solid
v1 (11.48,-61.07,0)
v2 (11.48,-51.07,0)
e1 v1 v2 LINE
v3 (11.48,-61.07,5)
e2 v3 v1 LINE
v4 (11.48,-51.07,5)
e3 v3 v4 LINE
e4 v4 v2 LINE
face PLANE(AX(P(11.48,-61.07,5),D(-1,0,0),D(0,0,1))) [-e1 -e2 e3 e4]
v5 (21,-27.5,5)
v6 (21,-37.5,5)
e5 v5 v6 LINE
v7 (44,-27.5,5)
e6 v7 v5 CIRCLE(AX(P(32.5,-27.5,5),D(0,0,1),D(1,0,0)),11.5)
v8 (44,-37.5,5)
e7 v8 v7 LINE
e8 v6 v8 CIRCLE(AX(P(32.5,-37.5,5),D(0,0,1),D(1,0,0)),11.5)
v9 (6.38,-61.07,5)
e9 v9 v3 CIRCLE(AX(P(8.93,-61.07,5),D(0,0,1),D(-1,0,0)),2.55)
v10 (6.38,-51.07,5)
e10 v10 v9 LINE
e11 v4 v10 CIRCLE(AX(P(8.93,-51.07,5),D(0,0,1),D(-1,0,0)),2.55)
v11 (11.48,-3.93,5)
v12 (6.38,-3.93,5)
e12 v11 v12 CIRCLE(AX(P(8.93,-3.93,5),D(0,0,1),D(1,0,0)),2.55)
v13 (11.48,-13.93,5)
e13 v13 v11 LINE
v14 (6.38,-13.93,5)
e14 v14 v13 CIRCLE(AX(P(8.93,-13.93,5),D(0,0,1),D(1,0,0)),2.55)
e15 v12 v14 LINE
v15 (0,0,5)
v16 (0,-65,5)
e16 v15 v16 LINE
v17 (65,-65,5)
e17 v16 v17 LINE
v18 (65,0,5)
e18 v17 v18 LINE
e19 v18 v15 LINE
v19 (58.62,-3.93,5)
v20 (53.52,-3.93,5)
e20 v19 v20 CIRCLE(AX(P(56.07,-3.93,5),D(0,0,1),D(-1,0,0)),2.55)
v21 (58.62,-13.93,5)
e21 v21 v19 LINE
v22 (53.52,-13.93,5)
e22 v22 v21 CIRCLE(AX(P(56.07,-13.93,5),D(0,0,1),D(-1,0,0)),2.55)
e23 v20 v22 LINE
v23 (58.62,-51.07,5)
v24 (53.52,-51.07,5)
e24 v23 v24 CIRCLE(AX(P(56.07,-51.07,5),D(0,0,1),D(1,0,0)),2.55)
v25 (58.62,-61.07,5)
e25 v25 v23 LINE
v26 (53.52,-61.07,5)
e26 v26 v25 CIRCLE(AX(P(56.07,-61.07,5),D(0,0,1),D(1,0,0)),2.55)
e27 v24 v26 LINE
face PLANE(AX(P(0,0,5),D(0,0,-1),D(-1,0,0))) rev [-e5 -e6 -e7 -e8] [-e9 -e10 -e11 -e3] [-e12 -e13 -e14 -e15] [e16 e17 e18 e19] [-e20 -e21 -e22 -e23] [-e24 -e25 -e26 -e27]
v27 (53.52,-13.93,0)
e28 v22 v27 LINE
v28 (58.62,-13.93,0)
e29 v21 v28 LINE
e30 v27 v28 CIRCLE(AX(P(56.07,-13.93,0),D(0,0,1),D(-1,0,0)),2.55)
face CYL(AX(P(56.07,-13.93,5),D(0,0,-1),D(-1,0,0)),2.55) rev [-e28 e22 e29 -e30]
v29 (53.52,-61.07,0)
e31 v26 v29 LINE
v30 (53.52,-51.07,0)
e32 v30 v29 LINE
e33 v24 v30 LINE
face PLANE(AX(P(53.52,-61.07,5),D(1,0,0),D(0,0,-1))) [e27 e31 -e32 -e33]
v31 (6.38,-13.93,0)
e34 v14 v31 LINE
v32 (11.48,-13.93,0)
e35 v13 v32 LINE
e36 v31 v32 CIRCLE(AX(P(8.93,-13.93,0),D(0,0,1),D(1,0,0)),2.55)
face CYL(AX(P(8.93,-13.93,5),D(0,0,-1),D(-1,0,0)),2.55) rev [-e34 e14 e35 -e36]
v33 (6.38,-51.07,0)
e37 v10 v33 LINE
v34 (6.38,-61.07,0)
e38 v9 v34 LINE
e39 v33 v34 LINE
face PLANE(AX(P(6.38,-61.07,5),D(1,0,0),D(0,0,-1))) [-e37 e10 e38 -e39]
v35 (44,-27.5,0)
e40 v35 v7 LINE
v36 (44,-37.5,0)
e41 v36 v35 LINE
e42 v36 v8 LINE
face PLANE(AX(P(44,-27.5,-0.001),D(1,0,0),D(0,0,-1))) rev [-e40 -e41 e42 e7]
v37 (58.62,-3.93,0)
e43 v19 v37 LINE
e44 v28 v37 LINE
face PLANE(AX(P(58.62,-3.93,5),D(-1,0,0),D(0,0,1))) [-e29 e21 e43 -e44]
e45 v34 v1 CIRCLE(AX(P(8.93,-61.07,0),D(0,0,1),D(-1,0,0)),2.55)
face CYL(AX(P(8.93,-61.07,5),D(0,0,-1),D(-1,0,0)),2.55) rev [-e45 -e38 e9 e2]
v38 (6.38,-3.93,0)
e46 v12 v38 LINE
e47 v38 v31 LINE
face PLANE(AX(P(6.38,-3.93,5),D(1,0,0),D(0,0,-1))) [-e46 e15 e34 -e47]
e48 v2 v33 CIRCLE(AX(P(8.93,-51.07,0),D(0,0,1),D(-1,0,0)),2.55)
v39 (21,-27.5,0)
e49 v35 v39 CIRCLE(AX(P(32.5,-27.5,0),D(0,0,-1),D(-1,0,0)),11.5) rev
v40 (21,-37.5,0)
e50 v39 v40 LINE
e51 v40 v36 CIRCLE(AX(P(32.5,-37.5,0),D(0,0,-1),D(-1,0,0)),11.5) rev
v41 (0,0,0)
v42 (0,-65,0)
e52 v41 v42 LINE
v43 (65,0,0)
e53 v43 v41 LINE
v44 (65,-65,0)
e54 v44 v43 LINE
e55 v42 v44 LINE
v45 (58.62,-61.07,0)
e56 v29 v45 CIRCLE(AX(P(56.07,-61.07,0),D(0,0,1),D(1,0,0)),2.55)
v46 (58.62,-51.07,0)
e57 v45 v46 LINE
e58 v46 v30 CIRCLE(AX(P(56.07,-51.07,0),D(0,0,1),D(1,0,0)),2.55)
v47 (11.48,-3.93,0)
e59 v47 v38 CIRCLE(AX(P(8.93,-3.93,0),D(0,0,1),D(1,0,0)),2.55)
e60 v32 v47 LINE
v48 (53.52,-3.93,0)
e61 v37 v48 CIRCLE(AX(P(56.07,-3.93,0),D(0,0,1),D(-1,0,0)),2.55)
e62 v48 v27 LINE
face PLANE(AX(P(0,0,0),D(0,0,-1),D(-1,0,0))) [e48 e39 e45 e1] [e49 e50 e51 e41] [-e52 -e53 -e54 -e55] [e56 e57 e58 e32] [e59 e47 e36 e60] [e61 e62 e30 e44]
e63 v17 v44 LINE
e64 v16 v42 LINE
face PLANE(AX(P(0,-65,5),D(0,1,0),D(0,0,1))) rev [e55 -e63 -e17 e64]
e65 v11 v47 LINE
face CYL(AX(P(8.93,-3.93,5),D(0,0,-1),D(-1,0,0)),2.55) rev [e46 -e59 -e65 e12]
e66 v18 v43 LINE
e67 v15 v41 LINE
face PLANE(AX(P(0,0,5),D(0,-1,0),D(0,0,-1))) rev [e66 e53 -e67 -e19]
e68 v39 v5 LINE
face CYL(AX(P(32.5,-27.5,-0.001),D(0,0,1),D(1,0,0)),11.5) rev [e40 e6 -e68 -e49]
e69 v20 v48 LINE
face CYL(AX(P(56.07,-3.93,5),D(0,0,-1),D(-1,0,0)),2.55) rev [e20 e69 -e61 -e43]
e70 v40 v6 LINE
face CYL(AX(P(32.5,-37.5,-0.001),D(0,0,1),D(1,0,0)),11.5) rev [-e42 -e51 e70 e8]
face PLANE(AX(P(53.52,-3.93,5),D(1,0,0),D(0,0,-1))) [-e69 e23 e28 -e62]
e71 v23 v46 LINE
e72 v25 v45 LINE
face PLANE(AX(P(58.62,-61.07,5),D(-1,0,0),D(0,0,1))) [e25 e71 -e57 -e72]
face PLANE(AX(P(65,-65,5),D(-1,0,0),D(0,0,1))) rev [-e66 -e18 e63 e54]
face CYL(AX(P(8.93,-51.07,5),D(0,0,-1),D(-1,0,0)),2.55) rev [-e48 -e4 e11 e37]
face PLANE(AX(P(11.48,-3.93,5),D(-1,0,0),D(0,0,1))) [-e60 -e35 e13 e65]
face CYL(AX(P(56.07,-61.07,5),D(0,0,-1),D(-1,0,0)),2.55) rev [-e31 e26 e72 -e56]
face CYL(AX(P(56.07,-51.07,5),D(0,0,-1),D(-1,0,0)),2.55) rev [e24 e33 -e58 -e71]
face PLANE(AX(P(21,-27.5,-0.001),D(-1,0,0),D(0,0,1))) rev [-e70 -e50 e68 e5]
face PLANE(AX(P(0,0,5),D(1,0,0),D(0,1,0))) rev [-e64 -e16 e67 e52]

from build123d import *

# Parameters (mm, degrees)
SKETCH1_W           = 65
SKETCH1_H           = 65
BOSS_EXTRUDE1_DEPTH = 5
CUT_EXTRUDE2_REACH  = 94.06


with BuildPart() as part:
    # Sketch1 → Boss-Extrude1 (new body)
    with BuildSketch(Plane.XY):
        with Locations((32.5, -32.5)):
            Rectangle(SKETCH1_W, SKETCH1_H)
        with BuildLine():
            Line((11.48, -3.93), (11.48, -13.93))
            ThreePointArc((11.48, -13.93), (8.93, -16.48), (6.38, -13.93))
            Line((6.38, -13.93), (6.38, -3.93))
            ThreePointArc((6.38, -3.93), (8.93, -1.38), (11.48, -3.93))
        make_face(mode=Mode.SUBTRACT)
        with BuildLine():
            Line((53.52, -3.93), (53.52, -13.93))
            ThreePointArc((53.52, -13.93), (56.07, -16.48), (58.62, -13.93))
            Line((58.62, -13.93), (58.62, -3.93))
            ThreePointArc((58.62, -3.93), (56.07, -1.38), (53.52, -3.93))
        make_face(mode=Mode.SUBTRACT)
        with BuildLine():
            Line((11.48, -61.07), (11.48, -51.07))
            ThreePointArc((11.48, -51.07), (8.93, -48.52), (6.38, -51.07))
            Line((6.38, -51.07), (6.38, -61.07))
            ThreePointArc((6.38, -61.07), (8.93, -63.62), (11.48, -61.07))
        make_face(mode=Mode.SUBTRACT)
        with BuildLine():
            Line((53.52, -61.07), (53.52, -51.07))
            ThreePointArc((53.52, -51.07), (56.07, -48.52), (58.62, -51.07))
            Line((58.62, -51.07), (58.62, -61.07))
            ThreePointArc((58.62, -61.07), (56.07, -63.62), (53.52, -61.07))
        make_face(mode=Mode.SUBTRACT)
    extrude(amount=BOSS_EXTRUDE1_DEPTH)

    # Sketch2 → Cut-Extrude2 (cut, up to next)
    with BuildSketch(Plane.XY.offset(5), mode=Mode.PRIVATE) as cut_extrude2_sk1:
        with BuildLine():
            Line((44, -27.5), (44, -37.5))
            ThreePointArc((44, -37.5), (32.5, -49), (21, -37.5))
            Line((21, -37.5), (21, -27.5))
            ThreePointArc((21, -27.5), (32.5, -16), (44, -27.5))
        make_face()
    cut_extrude2_tool1 = extrude(cut_extrude2_sk1.sketch, amount=-CUT_EXTRUDE2_REACH, mode=Mode.PRIVATE) & part.part
    add(cut_extrude2_tool1.solids().sort_by_distance((32.5, -32.5, 5))[0], mode=Mode.SUBTRACT)


solid = part.part
